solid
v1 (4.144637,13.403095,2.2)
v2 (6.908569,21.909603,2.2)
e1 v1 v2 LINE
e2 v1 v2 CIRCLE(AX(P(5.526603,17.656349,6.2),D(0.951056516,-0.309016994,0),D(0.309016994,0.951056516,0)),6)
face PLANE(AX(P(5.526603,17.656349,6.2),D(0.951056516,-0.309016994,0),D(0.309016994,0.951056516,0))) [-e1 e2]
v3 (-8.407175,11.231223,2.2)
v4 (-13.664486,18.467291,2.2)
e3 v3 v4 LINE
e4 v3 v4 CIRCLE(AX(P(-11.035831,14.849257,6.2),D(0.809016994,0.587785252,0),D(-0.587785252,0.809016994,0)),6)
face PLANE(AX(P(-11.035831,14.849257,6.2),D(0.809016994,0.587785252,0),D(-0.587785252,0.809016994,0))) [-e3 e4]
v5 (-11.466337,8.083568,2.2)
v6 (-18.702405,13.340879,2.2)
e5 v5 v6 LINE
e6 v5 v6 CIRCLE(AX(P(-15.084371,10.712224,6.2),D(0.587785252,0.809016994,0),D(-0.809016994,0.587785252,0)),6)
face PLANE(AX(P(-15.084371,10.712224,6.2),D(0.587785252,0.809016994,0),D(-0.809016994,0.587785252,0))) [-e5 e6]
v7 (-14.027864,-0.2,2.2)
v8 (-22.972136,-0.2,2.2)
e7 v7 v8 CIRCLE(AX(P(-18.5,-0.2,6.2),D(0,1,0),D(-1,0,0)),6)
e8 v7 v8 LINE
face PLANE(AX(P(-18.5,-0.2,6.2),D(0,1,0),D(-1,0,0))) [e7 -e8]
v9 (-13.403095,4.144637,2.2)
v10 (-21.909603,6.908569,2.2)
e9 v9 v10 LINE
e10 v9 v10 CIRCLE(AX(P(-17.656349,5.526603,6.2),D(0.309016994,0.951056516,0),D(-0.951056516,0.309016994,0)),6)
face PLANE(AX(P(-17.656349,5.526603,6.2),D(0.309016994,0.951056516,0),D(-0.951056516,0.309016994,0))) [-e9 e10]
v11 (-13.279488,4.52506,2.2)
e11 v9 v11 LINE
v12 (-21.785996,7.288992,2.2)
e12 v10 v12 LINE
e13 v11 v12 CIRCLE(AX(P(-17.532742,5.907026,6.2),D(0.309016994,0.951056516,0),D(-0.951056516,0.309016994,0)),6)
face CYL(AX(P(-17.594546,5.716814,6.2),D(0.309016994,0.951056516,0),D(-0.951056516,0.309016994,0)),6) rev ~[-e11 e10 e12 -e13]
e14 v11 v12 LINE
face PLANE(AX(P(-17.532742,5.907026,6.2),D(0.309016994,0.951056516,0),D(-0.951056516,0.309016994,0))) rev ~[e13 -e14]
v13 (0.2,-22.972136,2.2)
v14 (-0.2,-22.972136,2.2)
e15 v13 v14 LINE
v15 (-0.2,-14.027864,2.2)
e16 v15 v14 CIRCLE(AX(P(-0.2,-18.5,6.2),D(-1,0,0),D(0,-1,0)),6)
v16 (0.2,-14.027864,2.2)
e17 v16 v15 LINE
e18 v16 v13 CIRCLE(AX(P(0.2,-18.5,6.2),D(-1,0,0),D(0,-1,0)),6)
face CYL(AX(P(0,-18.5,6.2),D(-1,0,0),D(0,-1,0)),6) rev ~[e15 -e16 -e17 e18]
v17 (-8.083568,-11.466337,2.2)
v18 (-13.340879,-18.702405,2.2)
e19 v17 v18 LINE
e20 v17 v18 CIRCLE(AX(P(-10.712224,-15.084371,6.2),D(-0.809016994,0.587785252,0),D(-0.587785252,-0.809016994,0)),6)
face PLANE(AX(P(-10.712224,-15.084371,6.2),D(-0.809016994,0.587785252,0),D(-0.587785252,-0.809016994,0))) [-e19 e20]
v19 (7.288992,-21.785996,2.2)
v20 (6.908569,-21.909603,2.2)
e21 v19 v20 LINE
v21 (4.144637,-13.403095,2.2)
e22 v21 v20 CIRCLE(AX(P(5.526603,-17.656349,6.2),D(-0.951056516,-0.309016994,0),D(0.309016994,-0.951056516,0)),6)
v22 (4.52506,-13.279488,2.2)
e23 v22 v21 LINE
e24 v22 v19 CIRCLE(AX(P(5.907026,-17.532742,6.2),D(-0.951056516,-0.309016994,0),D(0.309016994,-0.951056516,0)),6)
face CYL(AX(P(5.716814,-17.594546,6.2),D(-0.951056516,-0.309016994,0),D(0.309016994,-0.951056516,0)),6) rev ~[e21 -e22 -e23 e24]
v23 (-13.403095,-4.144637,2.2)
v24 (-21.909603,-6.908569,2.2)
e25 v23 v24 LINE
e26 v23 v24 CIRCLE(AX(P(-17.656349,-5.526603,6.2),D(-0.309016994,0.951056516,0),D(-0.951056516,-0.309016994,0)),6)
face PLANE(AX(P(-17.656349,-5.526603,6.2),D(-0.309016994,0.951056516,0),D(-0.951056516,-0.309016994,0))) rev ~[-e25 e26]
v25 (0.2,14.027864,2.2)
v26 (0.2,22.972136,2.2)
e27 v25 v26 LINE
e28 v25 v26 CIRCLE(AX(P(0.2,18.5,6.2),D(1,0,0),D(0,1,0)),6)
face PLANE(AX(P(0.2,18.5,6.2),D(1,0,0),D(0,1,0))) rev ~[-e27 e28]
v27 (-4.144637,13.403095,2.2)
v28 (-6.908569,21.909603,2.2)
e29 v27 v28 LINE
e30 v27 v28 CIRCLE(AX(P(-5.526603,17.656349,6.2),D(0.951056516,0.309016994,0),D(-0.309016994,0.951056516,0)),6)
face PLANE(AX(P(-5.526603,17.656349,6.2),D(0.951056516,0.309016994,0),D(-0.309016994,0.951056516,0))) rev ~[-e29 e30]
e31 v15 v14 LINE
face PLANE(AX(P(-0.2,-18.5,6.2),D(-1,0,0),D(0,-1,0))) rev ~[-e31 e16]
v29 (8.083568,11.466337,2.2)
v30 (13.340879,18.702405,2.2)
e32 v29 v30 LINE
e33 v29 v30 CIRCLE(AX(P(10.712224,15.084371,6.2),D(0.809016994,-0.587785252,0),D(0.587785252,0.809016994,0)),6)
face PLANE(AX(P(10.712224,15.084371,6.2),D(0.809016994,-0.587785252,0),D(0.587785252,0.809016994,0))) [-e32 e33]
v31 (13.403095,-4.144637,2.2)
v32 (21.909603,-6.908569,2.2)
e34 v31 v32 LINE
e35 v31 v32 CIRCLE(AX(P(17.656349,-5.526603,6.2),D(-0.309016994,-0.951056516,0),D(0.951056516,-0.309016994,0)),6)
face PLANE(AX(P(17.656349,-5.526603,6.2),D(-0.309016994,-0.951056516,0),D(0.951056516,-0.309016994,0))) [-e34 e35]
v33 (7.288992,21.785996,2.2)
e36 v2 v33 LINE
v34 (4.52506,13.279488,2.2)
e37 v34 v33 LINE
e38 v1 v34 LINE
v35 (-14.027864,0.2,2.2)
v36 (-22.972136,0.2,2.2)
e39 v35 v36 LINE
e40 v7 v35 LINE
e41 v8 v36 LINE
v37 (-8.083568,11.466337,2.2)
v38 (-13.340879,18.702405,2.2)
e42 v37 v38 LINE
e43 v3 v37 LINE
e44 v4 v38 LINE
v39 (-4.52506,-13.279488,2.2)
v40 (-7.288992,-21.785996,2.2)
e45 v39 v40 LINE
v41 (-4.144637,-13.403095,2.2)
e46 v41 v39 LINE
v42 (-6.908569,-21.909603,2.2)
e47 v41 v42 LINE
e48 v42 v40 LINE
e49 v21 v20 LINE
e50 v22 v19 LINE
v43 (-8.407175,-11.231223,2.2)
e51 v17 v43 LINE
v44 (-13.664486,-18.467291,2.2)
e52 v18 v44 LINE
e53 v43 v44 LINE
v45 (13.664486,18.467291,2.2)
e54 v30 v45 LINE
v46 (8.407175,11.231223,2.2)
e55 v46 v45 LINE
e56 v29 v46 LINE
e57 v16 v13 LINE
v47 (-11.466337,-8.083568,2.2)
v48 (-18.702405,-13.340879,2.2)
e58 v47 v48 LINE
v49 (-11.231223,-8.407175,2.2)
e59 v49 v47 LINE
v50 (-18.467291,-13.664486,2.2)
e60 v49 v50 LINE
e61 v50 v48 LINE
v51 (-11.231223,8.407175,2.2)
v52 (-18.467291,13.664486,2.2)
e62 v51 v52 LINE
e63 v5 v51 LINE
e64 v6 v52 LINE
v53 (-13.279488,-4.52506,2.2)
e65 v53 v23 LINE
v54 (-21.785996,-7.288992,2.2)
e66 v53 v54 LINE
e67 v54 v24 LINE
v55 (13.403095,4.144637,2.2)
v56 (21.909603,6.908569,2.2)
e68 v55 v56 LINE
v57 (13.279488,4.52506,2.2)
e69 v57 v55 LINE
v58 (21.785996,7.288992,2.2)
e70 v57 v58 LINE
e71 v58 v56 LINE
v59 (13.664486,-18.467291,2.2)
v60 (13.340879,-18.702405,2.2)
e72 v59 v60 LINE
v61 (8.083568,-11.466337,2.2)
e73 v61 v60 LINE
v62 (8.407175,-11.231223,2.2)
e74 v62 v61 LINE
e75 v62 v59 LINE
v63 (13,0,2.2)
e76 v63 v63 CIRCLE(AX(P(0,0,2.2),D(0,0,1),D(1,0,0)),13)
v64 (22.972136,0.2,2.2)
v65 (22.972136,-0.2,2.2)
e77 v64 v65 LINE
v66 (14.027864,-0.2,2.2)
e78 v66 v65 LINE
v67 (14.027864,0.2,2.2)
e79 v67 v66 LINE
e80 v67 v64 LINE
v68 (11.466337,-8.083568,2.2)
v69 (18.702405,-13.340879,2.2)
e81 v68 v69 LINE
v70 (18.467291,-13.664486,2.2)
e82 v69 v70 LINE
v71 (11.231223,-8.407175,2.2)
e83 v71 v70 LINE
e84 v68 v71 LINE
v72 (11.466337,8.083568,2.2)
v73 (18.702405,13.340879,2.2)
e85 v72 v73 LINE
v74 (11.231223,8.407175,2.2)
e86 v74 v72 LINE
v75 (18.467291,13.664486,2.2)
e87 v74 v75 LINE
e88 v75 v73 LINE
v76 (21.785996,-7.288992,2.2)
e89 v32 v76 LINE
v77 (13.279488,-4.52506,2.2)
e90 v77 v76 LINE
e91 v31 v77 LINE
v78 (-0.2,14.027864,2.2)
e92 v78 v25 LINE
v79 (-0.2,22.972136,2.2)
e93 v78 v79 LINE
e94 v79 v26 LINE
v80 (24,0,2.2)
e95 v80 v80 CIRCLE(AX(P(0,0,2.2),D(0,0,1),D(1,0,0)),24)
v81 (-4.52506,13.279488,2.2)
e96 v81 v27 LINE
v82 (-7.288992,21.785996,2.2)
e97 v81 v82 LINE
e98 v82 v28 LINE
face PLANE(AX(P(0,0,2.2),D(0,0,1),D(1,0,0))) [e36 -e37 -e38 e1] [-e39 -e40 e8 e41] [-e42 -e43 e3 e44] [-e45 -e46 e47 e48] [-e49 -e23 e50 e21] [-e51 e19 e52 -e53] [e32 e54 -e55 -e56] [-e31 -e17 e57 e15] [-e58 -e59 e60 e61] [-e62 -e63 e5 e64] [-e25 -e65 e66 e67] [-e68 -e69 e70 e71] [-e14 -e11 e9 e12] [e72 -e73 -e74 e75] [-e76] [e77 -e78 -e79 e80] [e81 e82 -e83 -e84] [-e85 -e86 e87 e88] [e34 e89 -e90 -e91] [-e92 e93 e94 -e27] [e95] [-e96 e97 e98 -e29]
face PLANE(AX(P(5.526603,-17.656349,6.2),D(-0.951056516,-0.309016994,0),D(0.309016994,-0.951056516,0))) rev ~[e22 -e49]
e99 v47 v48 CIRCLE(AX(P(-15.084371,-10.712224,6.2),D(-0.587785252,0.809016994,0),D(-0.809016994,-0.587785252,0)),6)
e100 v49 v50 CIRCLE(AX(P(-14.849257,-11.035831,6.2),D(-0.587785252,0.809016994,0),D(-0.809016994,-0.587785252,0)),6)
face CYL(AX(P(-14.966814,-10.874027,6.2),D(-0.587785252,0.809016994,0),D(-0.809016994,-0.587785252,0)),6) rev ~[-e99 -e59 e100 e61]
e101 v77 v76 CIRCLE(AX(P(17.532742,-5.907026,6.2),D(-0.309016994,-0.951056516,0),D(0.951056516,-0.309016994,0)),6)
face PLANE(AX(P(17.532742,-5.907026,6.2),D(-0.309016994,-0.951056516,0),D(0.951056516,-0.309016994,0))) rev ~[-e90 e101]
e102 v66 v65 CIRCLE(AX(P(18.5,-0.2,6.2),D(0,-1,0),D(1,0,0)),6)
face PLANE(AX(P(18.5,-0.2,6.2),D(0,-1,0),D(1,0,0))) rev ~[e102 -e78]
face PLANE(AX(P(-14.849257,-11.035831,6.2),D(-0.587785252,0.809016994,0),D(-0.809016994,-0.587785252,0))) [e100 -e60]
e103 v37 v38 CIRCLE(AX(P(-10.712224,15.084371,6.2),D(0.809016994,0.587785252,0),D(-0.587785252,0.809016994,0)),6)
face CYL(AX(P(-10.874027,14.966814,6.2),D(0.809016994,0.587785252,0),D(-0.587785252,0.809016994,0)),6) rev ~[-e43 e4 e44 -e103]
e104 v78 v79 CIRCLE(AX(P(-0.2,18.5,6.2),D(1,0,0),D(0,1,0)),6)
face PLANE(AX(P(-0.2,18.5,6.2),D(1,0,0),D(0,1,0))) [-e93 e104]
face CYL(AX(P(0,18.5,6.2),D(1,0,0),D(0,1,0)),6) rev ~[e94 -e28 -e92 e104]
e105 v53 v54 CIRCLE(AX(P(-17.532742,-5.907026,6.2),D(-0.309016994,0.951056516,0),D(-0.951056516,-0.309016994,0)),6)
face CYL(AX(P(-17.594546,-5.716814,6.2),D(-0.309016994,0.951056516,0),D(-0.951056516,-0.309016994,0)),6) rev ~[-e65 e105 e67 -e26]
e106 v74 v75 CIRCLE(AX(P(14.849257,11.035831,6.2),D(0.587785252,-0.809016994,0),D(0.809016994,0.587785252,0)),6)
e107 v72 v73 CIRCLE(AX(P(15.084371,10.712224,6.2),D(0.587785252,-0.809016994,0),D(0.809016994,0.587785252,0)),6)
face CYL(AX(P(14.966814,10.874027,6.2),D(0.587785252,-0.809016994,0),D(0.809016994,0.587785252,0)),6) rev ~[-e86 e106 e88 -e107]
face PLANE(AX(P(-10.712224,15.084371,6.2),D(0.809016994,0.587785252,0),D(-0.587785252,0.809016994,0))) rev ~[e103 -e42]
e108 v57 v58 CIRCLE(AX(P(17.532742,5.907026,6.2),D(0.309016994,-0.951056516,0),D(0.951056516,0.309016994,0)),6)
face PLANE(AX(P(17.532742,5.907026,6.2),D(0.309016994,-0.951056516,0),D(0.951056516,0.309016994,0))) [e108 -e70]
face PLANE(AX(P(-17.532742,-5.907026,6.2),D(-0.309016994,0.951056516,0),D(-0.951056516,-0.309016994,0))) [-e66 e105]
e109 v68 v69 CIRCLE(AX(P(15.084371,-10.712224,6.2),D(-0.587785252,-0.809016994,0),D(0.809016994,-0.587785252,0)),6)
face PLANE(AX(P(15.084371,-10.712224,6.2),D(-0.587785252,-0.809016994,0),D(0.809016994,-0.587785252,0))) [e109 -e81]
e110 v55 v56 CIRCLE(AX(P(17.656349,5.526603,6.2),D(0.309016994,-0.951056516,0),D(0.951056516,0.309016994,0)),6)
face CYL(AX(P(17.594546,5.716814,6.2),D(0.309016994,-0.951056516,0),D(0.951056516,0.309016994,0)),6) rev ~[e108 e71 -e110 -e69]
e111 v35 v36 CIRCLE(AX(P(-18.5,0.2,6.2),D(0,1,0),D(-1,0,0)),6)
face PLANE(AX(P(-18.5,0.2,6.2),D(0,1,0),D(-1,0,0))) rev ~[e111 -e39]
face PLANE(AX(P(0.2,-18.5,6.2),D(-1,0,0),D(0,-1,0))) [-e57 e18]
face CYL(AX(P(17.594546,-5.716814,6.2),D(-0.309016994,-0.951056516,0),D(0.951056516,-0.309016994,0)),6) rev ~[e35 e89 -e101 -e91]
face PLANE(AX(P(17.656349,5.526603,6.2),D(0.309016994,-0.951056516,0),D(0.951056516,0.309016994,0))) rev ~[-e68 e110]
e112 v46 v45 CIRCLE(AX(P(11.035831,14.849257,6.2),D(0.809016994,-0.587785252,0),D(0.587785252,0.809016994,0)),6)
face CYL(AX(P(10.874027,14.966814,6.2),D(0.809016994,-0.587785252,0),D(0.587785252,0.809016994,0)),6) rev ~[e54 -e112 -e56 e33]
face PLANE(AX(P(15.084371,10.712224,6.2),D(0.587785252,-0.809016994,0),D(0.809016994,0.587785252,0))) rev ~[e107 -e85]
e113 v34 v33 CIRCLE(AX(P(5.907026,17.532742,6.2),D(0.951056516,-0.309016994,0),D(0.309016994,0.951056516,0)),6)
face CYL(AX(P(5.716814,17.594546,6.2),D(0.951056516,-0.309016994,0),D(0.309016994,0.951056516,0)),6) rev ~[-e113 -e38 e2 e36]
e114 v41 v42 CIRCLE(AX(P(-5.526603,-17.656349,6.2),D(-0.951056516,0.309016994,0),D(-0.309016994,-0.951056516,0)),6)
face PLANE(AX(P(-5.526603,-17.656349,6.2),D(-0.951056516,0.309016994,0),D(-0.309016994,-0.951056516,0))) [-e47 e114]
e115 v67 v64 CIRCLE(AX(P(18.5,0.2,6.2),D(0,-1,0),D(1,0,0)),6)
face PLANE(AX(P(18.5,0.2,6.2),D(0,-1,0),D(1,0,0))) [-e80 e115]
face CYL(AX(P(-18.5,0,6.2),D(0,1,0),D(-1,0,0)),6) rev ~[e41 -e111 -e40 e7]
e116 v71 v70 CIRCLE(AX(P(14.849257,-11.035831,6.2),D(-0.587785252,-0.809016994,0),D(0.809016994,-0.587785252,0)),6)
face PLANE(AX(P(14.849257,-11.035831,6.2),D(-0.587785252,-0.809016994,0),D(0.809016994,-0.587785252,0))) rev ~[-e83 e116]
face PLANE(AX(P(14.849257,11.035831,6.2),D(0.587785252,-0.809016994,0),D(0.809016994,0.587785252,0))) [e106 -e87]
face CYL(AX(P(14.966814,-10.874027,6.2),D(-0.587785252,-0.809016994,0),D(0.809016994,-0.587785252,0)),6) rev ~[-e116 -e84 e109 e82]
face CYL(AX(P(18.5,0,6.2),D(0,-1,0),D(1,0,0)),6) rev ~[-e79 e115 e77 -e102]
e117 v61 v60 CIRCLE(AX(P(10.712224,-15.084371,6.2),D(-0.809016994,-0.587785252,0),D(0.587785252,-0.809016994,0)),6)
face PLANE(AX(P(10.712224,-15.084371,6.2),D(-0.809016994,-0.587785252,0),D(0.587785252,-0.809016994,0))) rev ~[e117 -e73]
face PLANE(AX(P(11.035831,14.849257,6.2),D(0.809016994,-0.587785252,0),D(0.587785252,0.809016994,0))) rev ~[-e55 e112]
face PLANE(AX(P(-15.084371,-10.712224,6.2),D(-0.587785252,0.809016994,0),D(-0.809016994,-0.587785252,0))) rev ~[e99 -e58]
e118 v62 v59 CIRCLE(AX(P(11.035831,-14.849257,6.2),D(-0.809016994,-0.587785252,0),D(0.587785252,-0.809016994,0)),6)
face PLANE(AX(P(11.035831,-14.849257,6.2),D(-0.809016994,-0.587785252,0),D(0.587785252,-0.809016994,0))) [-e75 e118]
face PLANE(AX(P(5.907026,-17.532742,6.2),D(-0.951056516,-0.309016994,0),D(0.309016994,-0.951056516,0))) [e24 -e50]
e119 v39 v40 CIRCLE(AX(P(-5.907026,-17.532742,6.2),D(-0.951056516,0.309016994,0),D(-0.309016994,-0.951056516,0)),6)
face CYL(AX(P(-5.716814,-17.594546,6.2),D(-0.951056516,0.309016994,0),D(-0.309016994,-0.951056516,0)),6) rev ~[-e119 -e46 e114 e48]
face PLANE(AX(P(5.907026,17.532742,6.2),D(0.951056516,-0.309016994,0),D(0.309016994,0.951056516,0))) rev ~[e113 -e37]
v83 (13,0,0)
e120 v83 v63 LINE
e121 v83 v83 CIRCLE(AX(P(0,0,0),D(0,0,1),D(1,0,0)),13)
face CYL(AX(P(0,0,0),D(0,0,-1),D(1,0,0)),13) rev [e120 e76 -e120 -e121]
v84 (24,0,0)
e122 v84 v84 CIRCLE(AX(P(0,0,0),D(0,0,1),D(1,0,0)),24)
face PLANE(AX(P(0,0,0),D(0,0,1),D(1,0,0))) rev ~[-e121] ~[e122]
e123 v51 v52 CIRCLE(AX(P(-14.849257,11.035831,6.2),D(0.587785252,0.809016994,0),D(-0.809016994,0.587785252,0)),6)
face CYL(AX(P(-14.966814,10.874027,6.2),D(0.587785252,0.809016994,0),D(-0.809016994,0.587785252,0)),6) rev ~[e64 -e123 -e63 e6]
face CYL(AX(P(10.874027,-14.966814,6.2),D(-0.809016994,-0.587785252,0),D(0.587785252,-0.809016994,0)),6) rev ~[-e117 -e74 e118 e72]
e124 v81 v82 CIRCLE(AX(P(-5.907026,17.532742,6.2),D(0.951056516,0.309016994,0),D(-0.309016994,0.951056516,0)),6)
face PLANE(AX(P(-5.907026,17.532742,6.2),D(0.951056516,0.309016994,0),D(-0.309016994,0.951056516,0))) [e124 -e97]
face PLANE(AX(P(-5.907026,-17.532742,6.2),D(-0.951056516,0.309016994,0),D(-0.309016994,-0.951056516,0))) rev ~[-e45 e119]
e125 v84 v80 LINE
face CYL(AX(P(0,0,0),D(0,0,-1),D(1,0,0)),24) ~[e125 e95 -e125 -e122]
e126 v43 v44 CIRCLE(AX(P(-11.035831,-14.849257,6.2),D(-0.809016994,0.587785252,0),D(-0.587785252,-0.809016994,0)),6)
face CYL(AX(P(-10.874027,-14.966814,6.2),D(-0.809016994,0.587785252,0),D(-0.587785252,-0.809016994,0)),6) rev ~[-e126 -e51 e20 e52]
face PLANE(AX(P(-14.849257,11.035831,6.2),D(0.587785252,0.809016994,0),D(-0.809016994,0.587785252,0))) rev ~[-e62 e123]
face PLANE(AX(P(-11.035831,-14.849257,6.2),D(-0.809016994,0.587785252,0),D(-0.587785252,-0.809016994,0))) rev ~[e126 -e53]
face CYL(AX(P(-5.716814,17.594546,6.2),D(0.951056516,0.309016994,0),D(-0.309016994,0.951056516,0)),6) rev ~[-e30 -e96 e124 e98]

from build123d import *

# Parameters (mm, degrees)
F0_R     = 24
F0_R_2   = 13
F1_DEPTH = 2.2
F2_R     = 6
F3_DEPTH = 0.2
F4_COUNT = 20


with BuildPart() as f1:
    # F0 (on Top) → F1 (new body)
    with BuildSketch(Plane.XY):
        Circle(F0_R)
        Circle(F0_R_2, mode=Mode.SUBTRACT)
    extrude(amount=F1_DEPTH)


with BuildPart() as f3:
    # F2 (on Front) → F3 (new body, symmetric)
    with BuildSketch(Plane.XZ):
        with Locations((18.5, 6.2)):
            Circle(F2_R)
    extrude(amount=F3_DEPTH, both=True)


with BuildPart() as f4_1:
    # F4: instance of F3
    add(f3.part.rotate(Axis((0, 0, 3.1), (0, 0, 1)), 1 * 360 / F4_COUNT))


with BuildPart() as f4_2:
    # F4: instance of F3
    add(f3.part.rotate(Axis((0, 0, 3.1), (0, 0, 1)), 2 * 360 / F4_COUNT))


with BuildPart() as f4_3:
    # F4: instance of F3
    add(f3.part.rotate(Axis((0, 0, 3.1), (0, 0, 1)), 3 * 360 / F4_COUNT))


with BuildPart() as f4_4:
    # F4: instance of F3
    add(f3.part.rotate(Axis((0, 0, 3.1), (0, 0, 1)), 4 * 360 / F4_COUNT))


with BuildPart() as f4_5:
    # F4: instance of F3
    add(f3.part.rotate(Axis((0, 0, 3.1), (0, 0, 1)), 5 * 360 / F4_COUNT))


with BuildPart() as f4_6:
    # F4: instance of F3
    add(f3.part.rotate(Axis((0, 0, 3.1), (0, 0, 1)), 6 * 360 / F4_COUNT))


with BuildPart() as f4_7:
    # F4: instance of F3
    add(f3.part.rotate(Axis((0, 0, 3.1), (0, 0, 1)), 7 * 360 / F4_COUNT))


with BuildPart() as f4_8:
    # F4: instance of F3
    add(f3.part.rotate(Axis((0, 0, 3.1), (0, 0, 1)), 8 * 360 / F4_COUNT))


with BuildPart() as f4_9:
    # F4: instance of F3
    add(f3.part.rotate(Axis((0, 0, 3.1), (0, 0, 1)), 9 * 360 / F4_COUNT))


with BuildPart() as f4_10:
    # F4: instance of F3
    add(f3.part.rotate(Axis((0, 0, 3.1), (0, 0, 1)), 10 * 360 / F4_COUNT))


with BuildPart() as f4_11:
    # F4: instance of F3
    add(f3.part.rotate(Axis((0, 0, 3.1), (0, 0, 1)), 11 * 360 / F4_COUNT))


with BuildPart() as f4_12:
    # F4: instance of F3
    add(f3.part.rotate(Axis((0, 0, 3.1), (0, 0, 1)), 12 * 360 / F4_COUNT))


with BuildPart() as f4_13:
    # F4: instance of F3
    add(f3.part.rotate(Axis((0, 0, 3.1), (0, 0, 1)), 13 * 360 / F4_COUNT))


with BuildPart() as f4_14:
    # F4: instance of F3
    add(f3.part.rotate(Axis((0, 0, 3.1), (0, 0, 1)), 14 * 360 / F4_COUNT))


with BuildPart() as f4_15:
    # F4: instance of F3
    add(f3.part.rotate(Axis((0, 0, 3.1), (0, 0, 1)), 15 * 360 / F4_COUNT))


with BuildPart() as f4_16:
    # F4: instance of F3
    add(f3.part.rotate(Axis((0, 0, 3.1), (0, 0, 1)), 16 * 360 / F4_COUNT))


with BuildPart() as f4_17:
    # F4: instance of F3
    add(f3.part.rotate(Axis((0, 0, 3.1), (0, 0, 1)), 17 * 360 / F4_COUNT))


with BuildPart() as f4_18:
    # F4: instance of F3
    add(f3.part.rotate(Axis((0, 0, 3.1), (0, 0, 1)), 18 * 360 / F4_COUNT))


with BuildPart() as f4_19:
    # F4: instance of F3
    add(f3.part.rotate(Axis((0, 0, 3.1), (0, 0, 1)), 19 * 360 / F4_COUNT))


with BuildPart() as f1_1:
    add(f1.part)

    # F5: cut F3, F4_18, F4_16, F4_15, F4_17, F4_19, F4_13, F4_11, F4_8, F4_12, F4_14, F4_9, F4_10, F4_7, F4_5, F4_3, F4_4, F4_2, F4_1, F4_6
    add(f3.part, mode=Mode.SUBTRACT)
    add(f4_18.part, mode=Mode.SUBTRACT)
    add(f4_16.part, mode=Mode.SUBTRACT)
    add(f4_15.part, mode=Mode.SUBTRACT)
    add(f4_17.part, mode=Mode.SUBTRACT)
    add(f4_19.part, mode=Mode.SUBTRACT)
    add(f4_13.part, mode=Mode.SUBTRACT)
    add(f4_11.part, mode=Mode.SUBTRACT)
    add(f4_8.part, mode=Mode.SUBTRACT)
    add(f4_12.part, mode=Mode.SUBTRACT)
    add(f4_14.part, mode=Mode.SUBTRACT)
    add(f4_9.part, mode=Mode.SUBTRACT)
    add(f4_10.part, mode=Mode.SUBTRACT)
    add(f4_7.part, mode=Mode.SUBTRACT)
    add(f4_5.part, mode=Mode.SUBTRACT)
    add(f4_3.part, mode=Mode.SUBTRACT)
    add(f4_4.part, mode=Mode.SUBTRACT)
    add(f4_2.part, mode=Mode.SUBTRACT)
    add(f4_1.part, mode=Mode.SUBTRACT)
    add(f4_6.part, mode=Mode.SUBTRACT)


solid = f1_1.part
